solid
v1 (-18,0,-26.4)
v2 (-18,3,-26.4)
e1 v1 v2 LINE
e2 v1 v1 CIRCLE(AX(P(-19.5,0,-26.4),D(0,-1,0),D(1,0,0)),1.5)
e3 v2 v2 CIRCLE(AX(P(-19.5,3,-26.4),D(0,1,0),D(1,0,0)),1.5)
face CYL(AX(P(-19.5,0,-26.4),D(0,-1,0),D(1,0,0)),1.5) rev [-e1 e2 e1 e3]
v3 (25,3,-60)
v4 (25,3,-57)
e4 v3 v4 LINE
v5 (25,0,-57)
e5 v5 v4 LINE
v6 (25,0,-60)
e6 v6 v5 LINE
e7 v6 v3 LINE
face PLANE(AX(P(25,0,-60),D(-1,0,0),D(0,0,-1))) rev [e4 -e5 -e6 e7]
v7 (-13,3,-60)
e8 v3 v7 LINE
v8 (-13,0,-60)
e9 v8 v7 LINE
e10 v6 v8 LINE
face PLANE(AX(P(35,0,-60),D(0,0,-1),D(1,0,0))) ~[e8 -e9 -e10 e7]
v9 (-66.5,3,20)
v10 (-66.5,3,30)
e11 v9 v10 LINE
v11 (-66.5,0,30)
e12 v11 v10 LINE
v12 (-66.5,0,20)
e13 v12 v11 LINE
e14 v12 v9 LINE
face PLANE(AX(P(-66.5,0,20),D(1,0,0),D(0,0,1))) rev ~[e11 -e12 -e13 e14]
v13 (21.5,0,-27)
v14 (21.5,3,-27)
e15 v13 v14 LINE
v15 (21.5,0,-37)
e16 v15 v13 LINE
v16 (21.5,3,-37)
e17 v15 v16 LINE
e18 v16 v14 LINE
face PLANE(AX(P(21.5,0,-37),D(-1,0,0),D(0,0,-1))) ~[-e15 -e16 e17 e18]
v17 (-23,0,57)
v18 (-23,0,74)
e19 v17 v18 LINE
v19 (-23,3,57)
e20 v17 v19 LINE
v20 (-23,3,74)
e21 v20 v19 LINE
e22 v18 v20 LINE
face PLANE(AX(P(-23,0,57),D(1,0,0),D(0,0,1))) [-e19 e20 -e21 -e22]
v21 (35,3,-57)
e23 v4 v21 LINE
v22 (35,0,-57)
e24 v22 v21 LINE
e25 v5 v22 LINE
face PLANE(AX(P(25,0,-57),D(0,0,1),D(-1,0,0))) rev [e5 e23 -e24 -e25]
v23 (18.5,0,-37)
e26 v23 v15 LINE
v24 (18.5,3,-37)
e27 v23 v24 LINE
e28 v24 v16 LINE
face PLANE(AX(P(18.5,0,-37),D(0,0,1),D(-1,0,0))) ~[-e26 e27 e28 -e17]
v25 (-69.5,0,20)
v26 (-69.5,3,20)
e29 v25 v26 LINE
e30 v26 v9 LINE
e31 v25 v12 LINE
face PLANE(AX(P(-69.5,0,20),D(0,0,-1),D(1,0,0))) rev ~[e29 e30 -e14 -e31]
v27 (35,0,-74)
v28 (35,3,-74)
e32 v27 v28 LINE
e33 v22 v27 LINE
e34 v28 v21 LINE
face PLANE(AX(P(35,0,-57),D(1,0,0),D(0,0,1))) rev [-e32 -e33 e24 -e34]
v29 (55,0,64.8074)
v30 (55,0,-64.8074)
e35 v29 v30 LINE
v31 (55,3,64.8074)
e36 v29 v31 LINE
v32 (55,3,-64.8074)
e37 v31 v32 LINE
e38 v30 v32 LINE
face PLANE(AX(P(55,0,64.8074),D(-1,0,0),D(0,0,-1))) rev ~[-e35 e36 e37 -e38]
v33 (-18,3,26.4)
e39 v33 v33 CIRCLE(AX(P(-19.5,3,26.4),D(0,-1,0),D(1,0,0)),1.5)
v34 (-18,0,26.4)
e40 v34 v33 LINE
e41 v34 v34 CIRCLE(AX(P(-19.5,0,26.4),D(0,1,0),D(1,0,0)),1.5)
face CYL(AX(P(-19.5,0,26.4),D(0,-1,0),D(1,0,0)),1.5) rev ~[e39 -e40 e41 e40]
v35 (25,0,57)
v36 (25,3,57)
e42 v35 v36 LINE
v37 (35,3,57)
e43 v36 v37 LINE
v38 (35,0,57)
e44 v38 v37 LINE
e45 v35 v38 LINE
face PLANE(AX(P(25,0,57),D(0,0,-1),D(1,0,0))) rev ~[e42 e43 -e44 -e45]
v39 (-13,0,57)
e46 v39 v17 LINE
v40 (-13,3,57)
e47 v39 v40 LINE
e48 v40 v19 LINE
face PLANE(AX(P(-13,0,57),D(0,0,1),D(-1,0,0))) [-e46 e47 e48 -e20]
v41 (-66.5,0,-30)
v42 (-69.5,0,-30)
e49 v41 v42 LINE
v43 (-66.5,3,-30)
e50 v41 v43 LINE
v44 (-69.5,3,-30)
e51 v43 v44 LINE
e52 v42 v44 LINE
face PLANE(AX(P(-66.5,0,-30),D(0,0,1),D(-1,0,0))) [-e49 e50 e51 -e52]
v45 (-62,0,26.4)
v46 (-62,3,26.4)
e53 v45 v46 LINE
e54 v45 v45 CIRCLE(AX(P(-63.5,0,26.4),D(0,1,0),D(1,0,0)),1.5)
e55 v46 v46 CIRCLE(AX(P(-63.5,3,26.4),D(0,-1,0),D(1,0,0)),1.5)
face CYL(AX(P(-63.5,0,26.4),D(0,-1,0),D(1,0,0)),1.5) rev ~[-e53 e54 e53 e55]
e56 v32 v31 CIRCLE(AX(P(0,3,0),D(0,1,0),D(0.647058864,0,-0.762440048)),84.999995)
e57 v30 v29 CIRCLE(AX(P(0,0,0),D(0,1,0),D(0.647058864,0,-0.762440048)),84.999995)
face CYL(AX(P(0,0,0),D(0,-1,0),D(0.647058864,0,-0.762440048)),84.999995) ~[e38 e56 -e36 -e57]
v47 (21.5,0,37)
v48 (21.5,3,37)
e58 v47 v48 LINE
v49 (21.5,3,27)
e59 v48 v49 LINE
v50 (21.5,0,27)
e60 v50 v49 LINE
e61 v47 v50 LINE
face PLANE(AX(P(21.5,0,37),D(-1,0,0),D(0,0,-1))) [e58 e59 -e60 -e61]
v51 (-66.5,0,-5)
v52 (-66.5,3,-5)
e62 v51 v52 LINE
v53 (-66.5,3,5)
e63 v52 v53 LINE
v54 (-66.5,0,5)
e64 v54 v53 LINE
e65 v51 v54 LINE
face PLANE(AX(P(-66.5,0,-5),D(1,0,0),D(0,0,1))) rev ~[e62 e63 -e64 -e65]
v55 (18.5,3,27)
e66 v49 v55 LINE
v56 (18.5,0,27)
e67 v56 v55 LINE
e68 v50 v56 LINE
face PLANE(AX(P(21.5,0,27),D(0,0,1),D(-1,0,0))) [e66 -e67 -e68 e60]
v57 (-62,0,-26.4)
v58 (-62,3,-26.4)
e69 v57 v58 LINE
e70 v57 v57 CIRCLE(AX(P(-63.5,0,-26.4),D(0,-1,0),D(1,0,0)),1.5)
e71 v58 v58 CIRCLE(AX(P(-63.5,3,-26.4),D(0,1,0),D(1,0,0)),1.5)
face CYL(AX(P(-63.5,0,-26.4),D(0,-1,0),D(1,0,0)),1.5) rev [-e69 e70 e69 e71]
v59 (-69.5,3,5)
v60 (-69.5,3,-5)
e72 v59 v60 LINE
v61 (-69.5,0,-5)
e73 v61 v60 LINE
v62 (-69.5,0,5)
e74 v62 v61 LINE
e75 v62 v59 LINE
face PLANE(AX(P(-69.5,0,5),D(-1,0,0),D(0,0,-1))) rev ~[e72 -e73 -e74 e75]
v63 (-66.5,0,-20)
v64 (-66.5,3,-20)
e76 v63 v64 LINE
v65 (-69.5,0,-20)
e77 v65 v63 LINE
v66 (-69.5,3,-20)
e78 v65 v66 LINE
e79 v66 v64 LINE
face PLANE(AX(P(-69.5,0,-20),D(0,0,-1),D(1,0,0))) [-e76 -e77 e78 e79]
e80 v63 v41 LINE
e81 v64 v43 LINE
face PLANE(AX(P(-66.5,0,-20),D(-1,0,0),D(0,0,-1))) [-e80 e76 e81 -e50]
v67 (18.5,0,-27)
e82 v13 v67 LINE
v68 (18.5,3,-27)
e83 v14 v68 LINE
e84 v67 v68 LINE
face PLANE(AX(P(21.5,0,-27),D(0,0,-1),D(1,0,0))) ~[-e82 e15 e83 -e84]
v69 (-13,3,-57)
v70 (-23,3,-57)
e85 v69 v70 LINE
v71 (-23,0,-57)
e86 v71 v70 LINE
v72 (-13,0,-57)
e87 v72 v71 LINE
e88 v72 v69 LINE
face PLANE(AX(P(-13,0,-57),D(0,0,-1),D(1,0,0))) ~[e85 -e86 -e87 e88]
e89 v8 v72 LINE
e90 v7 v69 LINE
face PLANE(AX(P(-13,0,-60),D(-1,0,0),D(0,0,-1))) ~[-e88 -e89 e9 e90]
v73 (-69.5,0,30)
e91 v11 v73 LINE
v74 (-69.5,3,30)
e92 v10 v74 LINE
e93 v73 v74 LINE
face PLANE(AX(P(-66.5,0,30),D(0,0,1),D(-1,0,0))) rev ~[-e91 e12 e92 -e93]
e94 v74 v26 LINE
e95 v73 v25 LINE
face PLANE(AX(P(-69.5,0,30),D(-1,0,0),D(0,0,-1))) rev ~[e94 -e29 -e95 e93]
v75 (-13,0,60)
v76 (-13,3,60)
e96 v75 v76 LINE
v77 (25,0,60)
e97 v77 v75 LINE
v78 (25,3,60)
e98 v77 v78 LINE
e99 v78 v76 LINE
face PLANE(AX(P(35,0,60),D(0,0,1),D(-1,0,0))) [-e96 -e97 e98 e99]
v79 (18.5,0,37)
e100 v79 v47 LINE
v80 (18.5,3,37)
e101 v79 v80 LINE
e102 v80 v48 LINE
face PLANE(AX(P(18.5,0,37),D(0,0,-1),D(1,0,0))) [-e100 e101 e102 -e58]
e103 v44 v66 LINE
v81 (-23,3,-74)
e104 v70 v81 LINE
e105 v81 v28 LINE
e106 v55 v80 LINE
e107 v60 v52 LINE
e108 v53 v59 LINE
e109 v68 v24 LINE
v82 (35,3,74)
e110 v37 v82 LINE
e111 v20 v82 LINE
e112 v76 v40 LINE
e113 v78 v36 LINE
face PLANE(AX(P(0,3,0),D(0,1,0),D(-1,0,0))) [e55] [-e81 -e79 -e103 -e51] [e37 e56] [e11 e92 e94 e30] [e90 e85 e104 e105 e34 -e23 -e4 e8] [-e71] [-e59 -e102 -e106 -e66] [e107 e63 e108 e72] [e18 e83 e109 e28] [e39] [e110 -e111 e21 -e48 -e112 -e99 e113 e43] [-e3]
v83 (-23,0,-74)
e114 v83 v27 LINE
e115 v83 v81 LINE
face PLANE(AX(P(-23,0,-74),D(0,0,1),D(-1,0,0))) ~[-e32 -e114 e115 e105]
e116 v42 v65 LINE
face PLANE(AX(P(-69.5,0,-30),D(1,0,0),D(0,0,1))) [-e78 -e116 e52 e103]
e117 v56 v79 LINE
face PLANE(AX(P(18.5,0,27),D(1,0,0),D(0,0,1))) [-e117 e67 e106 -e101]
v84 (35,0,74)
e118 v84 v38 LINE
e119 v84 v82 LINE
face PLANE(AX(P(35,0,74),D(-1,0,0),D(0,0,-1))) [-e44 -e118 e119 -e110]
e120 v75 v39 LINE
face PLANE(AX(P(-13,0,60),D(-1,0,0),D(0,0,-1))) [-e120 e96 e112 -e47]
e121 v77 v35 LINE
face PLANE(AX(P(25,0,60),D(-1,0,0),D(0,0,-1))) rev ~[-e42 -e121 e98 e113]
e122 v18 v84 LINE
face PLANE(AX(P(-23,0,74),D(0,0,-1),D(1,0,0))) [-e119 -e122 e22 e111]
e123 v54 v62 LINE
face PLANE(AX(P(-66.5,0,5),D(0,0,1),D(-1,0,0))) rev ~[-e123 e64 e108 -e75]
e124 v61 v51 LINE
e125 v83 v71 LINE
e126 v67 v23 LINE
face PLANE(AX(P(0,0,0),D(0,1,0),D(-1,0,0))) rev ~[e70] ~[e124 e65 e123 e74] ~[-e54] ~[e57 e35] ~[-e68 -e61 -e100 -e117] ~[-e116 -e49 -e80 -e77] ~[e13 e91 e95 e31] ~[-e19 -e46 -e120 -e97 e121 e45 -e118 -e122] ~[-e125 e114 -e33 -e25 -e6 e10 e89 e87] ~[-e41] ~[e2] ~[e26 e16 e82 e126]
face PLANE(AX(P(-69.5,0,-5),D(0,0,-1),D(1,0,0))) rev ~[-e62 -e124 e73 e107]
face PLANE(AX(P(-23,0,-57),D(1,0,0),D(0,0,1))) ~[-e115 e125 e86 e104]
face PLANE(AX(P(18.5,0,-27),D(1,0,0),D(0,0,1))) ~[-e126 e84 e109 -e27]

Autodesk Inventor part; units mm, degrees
ref_plane "YZ Plane" through (0, 0, 0) normal (1, 0, 0) x (0, 1, 0)
ref_plane "XZ Plane" through (0, 0, 0) normal (0, 1, 0) x (-1, 0, 0)
ref_plane "XY Plane" through (0, 0, 0) normal (0, 0, 1) x (1, 0, 0)
sketch "Sketch1" plane through (0, 0, 0) normal (0, 1, 0) x (-1, 0, 0)
  circle A0 centre (0, 0) radius 85 construction
  line L0 (-55, 64.8074) -> (-55, -64.8074) construction
  line L1 (-35, 74) -> (23, 74) construction
  line L2 (23, 74) -> (23, 60) construction
  line L3 (23, 60) -> (-35, 60) construction
  line L4 (-35, 60) -> (-35, 74) construction
  line L5 (-35, -60) -> (23, -60) construction
  line L6 (23, -60) -> (23, -74) construction
  line L7 (23, -74) -> (-35, -74) construction
  line L8 (-35, -74) -> (-35, -60) construction
  line L9 (-6, 60) -> (-6, -60)
  line L10 (6.5, 5) -> (-18.5, 5) construction
  line L11 (-18.5, 5) -> (-18.5, 57) construction
  line L12 (-18.5, 57) -> (6.5, 57) construction
  line L13 (6.5, 57) -> (6.5, 5) construction
  line L14 (6.5, 5) -> (-18.5, 57) construction
  line L15 (-18.5, 5) -> (6.5, 57) construction
  line L16 (6.5, -57) -> (-18.5, -57) construction
  line L17 (-18.5, -57) -> (-18.5, -5) construction
  line L18 (-18.5, -5) -> (6.5, -5) construction
  line L19 (6.5, -5) -> (6.5, -57) construction
  line L20 (6.5, -57) -> (-18.5, -5) construction
  line L21 (-18.5, -57) -> (6.5, -5) construction
  line L22 (66.5, -30) -> (16.5, -30) construction
  line L23 (16.5, -30) -> (16.5, 30) construction
  line L24 (16.5, 30) -> (66.5, 30) construction
  line L25 (66.5, 30) -> (66.5, -30) construction
  line L26 (66.5, -30) -> (16.5, 30) construction
  line L27 (16.5, -30) -> (66.5, 30) construction
  point P0 (-6, 31)
  point P1 (-6, -31)
  point P2 (41.5, 0)
  point P3 (-6, 0)
  point P4 (41.5, 0)
  dimension "d0" = 170
  dimension "d1" = 55
  dimension "d2" = 58
  dimension "d3" = 14
  dimension "d4" = 60
  dimension "d5" = 20
  dimension "d6" = 60
  dimension "d7" = 25
  dimension "d8" = 52
  dimension "d9" = 3
  dimension "d10" = 3
  dimension "d11" = 10
  dimension "d12" = 50
  dimension "d13" = 60
  dimension "d14" = 10
sketch "Sketch2" plane through (0, 0, 0) normal (0, 1, 0) x (-1, 0, 0)
  circle A0 centre (0, 0) radius 85 construction
  line L0 (-55, 64.8074) -> (-55, -64.8074) construction
  arc A1 (-55, -64.8074) -> (-55, 64.8074) centre (0, 0) ccw
  line L1 (-55, 64.8074) -> (-55, -64.8074)
extrude "Extrusion1" add sketch "Sketch2" along normal blind 3
sketch "Sketch3" plane through (0, 0, 0) normal (0, -1, 0) x (1, 0, 0)
  line L0 (-23, 74) -> (35, 74)
  line L1 (35, 74) -> (35, 60)
  line L2 (35, 60) -> (-23, 60)
  line L3 (-23, 60) -> (-23, 74)
  point P0 (0, 0)
extrude "Extrusion2" cut sketch "Sketch3" against normal blind 3
sketch "Sketch4" plane through (0, 0, 0) normal (0, -1, 0) x (1, 0, 0)
  line L0 (-23, 60) -> (-13, 60)
  line L1 (-13, 60) -> (-13, 57)
  line L2 (-13, 57) -> (-23, 57)
  line L3 (-23, 57) -> (-23, 60)
  line L4 (35, 60) -> (25, 60)
  line L5 (25, 60) -> (25, 57)
  line L6 (25, 57) -> (35, 57)
  line L7 (35, 57) -> (35, 60)
  point P0 (0, 0)
  dimension "d19" = 10
  dimension "d20" = 3
  dimension "d21" = 10
  dimension "d22" = 3
extrude "Extrusion3" cut sketch "Sketch4" against normal blind 3
sketch "Sketch5" plane through (0, 0, 0) normal (0, -1, 0) x (1, 0, 0)
  line L0 (18.5, 5) -> (18.5, 57) construction
  line L1 (18.5, 37) -> (21.5, 37)
  line L2 (21.5, 37) -> (21.5, 27)
  line L3 (21.5, 27) -> (18.5, 27)
  line L4 (18.5, 27) -> (18.5, 37)
  line L5 (35, 57) -> (25, 57) projected
  point P0 (0, 0)
  dimension "d25" = 3
  dimension "d26" = 10
  dimension "d27" = 20
extrude "Extrusion4" cut sketch "Sketch5" against normal blind 3
sketch "Sketch6" plane through (0, 0, 0) normal (0, -1, 0) x (1, 0, 0)
  line L0 (-66.5, 30) -> (-66.5, -30) construction
  line L1 (-66.5, 30) -> (-69.5, 30)
  line L2 (-69.5, 30) -> (-69.5, 20)
  line L3 (-69.5, 20) -> (-66.5, 20)
  line L4 (-66.5, 20) -> (-66.5, 30)
  line L5 (-66.5, 5) -> (-69.5, 5)
  line L6 (-69.5, 5) -> (-69.5, -5)
  line L7 (-69.5, -5) -> (-66.5, -5)
  line L8 (-66.5, -5) -> (-66.5, 5)
  line L9 (-66.5, -30) -> (-69.5, -30)
  line L10 (-69.5, -30) -> (-69.5, -20)
  line L11 (-69.5, -20) -> (-66.5, -20)
  line L12 (-66.5, -20) -> (-66.5, -30)
  point P0 (0, 0)
  point P1 (-69.5, 0)
  point P2 (-66.5, 0)
  dimension "d30" = 3
  dimension "d31" = 10
  dimension "d32" = 3
  dimension "d33" = 10
  dimension "d34" = 3
  dimension "d35" = 10
extrude "Extrusion5" cut sketch "Sketch6" against normal blind 3
sketch "Sketch7" plane through (0, 0, 0) normal (0, -1, 0) x (1, 0, 0)
  line L0 (-16.5, -30) -> (-66.5, 30) construction
  line L1 (-63.5, 26.4) -> (-19.5, 26.4)
  line L2 (-19.5, 26.4) -> (-19.5, -26.4)
  line L3 (-19.5, -26.4) -> (-63.5, -26.4)
  line L4 (-63.5, -26.4) -> (-63.5, 26.4)
  line L5 (-63.5, 26.4) -> (-19.5, -26.4) construction
  line L6 (-19.5, 26.4) -> (-63.5, -26.4) construction
  line L7 (-16.5, -30) -> (-16.5, 30) construction
  circle A0 centre (-19.5, 26.4) radius 1.5
  circle A1 centre (-19.5, -26.4) radius 1.5
  circle A2 centre (-63.5, 26.4) radius 1.5
  circle A3 centre (-63.5, -26.4) radius 1.5
  point P0 (0, 0)
  point P1 (-41.5, 0)
  dimension "d38" = 3
  dimension "d39" = 3
  dimension "d40" = 3
  dimension "d41" = 3
  dimension "d42" = 3
extrude "Extrusion6" cut sketch "Sketch7" against normal blind 3 contours L4 A2 L1 | L1 A2 L4 | A0 L2 L1 | L1 L2 A0
mirror "Mirror1" about plane through (0, 0, 0) normal (0, 0, 1) of "Extrusion2", "Extrusion3", "Extrusion4", "Extrusion6"
equation "\"d6\" = d4"
equation "\"d10\" = d9"
properties part number "Base Plate"
